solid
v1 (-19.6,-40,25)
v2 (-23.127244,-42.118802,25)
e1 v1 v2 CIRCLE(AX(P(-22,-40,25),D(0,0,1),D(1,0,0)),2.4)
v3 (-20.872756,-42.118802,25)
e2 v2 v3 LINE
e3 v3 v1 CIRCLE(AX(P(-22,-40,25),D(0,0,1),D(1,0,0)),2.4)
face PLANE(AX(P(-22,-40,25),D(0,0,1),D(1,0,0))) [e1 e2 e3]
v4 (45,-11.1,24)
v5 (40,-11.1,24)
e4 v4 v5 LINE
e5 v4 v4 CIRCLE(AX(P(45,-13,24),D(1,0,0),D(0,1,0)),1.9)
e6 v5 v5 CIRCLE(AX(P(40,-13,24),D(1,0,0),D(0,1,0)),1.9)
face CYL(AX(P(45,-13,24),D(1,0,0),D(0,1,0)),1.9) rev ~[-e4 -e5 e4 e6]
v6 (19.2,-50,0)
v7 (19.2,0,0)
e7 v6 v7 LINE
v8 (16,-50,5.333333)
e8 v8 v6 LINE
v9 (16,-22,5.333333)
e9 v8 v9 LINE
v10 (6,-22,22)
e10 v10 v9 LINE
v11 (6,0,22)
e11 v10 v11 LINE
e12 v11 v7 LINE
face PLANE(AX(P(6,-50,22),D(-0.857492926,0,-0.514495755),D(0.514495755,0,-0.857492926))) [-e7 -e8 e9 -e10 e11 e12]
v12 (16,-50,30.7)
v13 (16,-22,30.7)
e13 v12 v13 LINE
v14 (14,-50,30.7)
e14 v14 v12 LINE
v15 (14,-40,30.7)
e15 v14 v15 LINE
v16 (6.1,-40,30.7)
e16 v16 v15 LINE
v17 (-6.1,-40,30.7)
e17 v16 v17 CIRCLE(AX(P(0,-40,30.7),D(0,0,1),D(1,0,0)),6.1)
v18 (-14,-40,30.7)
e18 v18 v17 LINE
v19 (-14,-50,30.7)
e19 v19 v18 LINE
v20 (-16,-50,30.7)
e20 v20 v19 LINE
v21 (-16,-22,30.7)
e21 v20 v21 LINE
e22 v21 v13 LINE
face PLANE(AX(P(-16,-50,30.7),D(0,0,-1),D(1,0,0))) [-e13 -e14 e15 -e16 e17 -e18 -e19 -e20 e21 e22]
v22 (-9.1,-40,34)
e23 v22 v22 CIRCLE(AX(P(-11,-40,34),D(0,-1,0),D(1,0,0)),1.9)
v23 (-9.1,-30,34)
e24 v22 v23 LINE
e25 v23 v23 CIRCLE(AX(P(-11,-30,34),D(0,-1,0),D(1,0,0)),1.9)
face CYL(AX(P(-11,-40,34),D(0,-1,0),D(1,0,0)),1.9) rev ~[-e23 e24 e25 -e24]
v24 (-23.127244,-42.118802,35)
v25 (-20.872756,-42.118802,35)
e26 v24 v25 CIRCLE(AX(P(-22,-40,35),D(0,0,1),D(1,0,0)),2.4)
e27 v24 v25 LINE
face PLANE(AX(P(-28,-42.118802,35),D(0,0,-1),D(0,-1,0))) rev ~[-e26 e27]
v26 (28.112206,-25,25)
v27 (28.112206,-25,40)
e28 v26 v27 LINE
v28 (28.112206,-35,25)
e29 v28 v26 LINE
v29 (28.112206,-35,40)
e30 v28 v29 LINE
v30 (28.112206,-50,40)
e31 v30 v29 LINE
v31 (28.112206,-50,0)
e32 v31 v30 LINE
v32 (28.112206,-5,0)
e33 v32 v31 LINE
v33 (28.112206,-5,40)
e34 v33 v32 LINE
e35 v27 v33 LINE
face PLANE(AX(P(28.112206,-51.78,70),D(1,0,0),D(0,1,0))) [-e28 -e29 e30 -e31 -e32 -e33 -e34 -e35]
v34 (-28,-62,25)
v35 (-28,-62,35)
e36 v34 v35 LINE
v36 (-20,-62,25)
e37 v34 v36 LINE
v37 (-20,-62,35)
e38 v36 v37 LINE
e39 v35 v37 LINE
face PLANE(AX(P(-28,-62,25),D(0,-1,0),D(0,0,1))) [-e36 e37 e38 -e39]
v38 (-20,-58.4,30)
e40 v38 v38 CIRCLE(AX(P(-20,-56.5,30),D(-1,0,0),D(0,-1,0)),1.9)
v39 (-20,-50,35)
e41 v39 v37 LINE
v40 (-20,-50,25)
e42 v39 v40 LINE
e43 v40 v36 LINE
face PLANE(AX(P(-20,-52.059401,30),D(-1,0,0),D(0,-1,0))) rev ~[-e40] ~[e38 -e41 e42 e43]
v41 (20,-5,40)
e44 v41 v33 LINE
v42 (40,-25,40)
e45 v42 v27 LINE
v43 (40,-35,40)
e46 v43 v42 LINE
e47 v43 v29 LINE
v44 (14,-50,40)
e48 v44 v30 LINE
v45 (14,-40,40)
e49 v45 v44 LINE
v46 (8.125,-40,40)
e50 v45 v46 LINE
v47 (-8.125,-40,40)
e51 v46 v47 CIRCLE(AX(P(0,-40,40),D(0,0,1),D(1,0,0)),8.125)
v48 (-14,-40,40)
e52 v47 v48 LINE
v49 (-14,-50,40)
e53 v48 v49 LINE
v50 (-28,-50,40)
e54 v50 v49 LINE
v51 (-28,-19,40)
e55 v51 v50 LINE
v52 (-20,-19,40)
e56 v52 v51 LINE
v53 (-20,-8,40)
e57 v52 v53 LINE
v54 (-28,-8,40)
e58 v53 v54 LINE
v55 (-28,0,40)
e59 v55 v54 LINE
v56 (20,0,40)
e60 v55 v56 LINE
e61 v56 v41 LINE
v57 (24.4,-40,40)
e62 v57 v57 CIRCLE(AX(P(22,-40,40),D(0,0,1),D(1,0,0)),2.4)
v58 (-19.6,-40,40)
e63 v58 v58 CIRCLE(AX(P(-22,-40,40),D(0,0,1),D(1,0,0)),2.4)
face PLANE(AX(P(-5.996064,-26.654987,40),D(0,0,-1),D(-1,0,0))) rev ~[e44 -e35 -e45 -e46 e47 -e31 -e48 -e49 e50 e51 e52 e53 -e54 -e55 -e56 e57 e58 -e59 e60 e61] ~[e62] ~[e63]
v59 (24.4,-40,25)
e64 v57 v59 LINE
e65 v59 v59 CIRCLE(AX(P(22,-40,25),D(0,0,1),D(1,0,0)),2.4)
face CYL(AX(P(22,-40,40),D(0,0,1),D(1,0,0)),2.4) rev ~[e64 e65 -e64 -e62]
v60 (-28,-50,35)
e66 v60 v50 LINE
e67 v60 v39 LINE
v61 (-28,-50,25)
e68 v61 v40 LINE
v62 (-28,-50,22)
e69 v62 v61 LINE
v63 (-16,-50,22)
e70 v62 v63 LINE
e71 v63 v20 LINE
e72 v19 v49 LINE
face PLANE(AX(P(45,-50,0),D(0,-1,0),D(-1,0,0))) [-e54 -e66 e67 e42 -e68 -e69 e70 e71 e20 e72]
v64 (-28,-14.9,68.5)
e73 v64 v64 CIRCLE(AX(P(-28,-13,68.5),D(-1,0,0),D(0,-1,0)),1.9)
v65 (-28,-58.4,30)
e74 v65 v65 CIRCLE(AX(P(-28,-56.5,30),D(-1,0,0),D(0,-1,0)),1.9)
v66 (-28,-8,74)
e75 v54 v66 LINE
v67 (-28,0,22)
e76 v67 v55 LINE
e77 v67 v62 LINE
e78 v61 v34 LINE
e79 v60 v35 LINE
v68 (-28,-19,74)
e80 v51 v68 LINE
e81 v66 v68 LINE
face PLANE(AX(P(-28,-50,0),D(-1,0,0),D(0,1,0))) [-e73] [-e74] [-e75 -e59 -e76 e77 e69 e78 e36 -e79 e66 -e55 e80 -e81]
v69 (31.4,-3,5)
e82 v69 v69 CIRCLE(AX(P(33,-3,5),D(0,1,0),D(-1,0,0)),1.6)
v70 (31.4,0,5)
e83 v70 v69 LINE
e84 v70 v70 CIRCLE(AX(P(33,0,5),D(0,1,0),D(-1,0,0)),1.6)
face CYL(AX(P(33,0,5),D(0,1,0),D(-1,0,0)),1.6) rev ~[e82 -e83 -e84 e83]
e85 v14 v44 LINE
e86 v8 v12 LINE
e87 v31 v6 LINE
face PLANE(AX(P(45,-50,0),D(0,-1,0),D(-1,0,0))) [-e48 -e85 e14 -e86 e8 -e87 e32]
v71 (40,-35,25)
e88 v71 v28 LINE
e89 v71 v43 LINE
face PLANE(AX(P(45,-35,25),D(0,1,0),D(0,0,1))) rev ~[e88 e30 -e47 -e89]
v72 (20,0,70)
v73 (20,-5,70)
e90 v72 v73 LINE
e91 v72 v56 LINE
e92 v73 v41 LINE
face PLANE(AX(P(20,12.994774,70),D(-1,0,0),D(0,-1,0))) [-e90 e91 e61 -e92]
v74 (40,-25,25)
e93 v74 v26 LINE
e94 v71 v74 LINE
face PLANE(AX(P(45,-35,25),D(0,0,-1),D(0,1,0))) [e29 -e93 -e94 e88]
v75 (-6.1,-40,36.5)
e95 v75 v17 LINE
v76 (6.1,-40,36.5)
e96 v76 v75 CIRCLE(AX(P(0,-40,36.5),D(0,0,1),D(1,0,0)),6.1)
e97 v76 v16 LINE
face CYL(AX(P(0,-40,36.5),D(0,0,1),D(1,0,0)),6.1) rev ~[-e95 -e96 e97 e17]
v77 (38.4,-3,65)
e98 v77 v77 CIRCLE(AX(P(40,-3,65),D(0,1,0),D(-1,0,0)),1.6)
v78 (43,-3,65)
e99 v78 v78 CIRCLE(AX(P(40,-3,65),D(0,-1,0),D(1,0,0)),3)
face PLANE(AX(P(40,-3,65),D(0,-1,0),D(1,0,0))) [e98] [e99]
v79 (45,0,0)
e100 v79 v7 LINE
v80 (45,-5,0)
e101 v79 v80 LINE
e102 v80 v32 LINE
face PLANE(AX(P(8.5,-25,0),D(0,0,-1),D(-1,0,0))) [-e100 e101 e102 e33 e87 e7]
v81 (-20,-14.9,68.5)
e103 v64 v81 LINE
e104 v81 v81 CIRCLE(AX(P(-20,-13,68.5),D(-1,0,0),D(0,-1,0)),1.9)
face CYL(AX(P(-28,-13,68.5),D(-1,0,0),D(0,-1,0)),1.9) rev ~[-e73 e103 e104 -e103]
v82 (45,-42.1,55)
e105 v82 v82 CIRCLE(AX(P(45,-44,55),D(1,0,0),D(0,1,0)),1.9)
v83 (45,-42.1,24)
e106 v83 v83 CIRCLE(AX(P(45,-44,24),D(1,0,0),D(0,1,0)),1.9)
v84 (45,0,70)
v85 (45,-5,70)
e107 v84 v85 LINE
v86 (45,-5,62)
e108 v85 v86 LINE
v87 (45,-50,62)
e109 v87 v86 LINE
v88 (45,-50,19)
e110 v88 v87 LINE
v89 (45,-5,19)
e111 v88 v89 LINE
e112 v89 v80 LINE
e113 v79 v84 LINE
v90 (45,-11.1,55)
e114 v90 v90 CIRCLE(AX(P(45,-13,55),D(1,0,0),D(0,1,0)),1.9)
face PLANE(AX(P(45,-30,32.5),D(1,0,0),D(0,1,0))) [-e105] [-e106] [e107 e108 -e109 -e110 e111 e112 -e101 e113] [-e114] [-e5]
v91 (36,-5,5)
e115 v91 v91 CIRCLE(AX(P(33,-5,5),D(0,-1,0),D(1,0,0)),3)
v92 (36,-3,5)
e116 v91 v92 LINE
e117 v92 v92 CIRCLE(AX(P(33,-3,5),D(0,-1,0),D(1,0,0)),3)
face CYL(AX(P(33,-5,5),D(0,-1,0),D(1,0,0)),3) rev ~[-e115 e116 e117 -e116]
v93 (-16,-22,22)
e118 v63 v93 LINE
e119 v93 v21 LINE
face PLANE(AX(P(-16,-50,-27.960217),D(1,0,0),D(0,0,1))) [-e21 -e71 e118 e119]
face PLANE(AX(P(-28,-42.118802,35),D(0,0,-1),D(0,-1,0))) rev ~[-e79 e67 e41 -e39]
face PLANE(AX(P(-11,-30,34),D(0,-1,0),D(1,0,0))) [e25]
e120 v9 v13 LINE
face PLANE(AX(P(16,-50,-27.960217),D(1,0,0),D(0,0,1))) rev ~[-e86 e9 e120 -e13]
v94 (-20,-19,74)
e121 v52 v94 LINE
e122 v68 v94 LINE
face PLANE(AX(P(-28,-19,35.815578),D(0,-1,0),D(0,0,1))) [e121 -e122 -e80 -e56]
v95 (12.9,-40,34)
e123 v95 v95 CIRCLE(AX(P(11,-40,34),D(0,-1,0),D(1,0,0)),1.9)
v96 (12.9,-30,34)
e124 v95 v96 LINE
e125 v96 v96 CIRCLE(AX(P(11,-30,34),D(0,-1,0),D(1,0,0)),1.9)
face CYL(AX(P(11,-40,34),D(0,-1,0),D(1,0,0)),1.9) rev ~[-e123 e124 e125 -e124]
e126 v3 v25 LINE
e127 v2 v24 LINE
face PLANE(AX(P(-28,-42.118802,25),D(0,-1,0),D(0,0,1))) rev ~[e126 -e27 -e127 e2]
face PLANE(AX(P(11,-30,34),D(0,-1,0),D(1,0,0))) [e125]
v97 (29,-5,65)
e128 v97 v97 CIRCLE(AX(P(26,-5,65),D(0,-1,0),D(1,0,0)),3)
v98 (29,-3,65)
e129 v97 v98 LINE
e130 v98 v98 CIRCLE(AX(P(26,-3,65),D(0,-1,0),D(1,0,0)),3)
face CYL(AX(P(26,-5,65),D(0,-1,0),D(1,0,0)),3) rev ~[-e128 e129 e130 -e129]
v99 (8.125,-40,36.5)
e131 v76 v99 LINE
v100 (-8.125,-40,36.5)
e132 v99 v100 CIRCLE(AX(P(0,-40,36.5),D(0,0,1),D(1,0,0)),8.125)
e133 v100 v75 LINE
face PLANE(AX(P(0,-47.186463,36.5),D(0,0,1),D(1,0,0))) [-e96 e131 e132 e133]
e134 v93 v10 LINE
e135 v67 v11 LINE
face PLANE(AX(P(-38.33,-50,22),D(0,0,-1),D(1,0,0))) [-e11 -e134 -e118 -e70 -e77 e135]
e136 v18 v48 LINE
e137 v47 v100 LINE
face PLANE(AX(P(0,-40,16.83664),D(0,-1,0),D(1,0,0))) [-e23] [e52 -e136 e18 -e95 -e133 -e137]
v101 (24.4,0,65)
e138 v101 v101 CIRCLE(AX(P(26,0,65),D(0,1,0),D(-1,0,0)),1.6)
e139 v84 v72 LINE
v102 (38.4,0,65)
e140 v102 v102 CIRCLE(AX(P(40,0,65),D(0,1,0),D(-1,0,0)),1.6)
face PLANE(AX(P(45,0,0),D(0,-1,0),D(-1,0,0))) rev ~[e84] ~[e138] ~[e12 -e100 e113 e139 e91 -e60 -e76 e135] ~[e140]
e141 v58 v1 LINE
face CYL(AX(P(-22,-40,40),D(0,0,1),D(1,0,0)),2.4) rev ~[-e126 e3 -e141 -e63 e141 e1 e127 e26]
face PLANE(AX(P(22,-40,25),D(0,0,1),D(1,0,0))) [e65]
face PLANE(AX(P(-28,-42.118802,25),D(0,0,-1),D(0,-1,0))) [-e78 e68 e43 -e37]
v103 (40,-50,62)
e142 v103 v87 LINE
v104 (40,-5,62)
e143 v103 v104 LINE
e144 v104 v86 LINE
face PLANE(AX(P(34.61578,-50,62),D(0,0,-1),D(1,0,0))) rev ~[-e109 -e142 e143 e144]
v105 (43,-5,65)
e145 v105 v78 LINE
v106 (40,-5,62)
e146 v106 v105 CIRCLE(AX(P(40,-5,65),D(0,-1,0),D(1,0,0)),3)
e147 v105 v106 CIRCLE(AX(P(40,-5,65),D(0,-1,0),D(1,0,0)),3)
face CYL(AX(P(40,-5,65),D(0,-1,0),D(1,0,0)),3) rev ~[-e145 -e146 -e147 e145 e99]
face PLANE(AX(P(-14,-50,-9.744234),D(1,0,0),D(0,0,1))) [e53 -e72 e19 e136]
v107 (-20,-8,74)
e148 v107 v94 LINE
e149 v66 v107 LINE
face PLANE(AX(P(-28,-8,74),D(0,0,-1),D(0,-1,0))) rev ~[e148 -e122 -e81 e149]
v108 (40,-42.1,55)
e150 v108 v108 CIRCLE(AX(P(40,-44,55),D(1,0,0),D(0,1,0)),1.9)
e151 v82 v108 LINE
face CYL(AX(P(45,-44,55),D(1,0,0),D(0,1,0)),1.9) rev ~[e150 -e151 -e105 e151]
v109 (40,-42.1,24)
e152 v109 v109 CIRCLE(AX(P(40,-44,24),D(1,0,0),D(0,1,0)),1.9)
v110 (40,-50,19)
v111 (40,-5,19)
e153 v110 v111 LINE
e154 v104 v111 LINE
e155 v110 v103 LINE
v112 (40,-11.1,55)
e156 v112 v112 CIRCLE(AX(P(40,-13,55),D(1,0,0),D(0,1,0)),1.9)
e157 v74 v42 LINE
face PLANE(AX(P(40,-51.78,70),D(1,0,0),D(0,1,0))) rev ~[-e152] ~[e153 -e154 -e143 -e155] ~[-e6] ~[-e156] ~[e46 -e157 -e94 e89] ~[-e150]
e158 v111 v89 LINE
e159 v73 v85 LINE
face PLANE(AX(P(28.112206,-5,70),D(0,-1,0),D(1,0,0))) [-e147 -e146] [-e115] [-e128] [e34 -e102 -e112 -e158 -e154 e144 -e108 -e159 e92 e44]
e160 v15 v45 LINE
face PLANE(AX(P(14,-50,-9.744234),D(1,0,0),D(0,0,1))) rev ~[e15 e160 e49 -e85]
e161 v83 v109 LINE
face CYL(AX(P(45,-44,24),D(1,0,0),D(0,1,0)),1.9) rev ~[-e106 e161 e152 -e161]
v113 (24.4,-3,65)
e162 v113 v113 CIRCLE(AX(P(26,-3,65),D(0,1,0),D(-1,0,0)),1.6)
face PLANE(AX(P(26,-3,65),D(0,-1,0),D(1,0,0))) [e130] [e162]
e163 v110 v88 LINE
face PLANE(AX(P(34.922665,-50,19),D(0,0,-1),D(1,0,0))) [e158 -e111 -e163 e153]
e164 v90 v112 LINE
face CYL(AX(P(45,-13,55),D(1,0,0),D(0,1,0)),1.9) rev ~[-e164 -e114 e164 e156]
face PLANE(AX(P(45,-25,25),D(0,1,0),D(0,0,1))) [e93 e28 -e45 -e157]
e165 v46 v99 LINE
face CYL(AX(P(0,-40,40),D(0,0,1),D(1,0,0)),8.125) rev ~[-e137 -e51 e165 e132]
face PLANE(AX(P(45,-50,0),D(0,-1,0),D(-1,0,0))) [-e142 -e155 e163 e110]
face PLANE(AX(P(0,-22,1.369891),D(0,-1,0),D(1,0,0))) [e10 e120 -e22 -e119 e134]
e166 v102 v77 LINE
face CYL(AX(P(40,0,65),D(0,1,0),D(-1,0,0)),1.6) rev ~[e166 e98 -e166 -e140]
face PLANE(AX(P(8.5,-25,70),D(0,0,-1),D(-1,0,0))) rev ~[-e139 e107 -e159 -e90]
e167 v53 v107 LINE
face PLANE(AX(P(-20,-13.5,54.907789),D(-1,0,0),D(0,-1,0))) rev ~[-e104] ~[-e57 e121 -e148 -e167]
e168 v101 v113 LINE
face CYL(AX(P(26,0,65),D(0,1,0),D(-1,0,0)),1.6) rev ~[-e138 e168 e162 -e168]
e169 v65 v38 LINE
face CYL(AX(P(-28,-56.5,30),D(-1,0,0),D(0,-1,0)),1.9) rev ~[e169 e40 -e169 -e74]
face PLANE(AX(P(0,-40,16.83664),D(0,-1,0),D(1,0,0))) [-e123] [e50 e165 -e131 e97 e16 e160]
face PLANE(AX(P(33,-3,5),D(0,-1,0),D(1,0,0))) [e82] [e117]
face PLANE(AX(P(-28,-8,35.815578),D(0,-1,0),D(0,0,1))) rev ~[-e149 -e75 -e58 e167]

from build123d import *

# Parameters (mm, degrees)
PAD_DEPTH       = 70
SKETCH001_W     = 11.887794
SKETCH001_H     = 46.78
POCKET_DEPTH    = 70.001
POCKET001_DEPTH = 30
SKETCH003_R     = 2.4
POCKET002_DEPTH = 15
POCKET003_DEPTH = 3.5
POCKET004_DEPTH = 9
SKETCH021_W     = 28
SKETCH021_H     = 53.161749
POCKET005_DEPTH = 10
SKETCH022_W     = 32
SKETCH022_H     = 58.660217
POCKET006_DEPTH = 28
POCKET007_DEPTH = 51
SKETCH008_W     = 19.05323
SKETCH008_H     = 10.69447
SKETCH008_W_2   = 35.750058
SKETCH008_H_2   = 36.172176
POCKET008_DEPTH = 45
SKETCH009_R     = 1.9
POCKET009_DEPTH = 5
SKETCH015_W     = 11
SKETCH015_H     = 38.184422
SKETCH015_W_2   = 19.881198
SKETCH015_H_2   = 10
PAD001_DEPTH    = 8
SKETCH011_R     = 1.9
POCKET010_DEPTH = 10
SKETCH010_R     = 1.6
POCKET011_DEPTH = 7
SKETCH017_R     = 3
POCKET012_DEPTH = 2
SKETCH013_R     = 1.9
POCKET013_DEPTH = 10
SKETCH014_W     = 10
SKETCH014_H     = 15
PAD002_DEPTH    = 18


with BuildPart() as part:
    # Sketch → Pad (new body)
    with BuildSketch(Plane.XY):
        Polygon((0, 0), (45, 0), (45, -50), (-28, -50), (-28, 0), align=None)
    extrude(amount=PAD_DEPTH)

    # Sketch001 (on Face7 of Pad) → Pocket (cut, through all)
    with BuildSketch(Plane.XY.offset(70)):
        with Locations((34.056103, -28.39)):
            Rectangle(SKETCH001_W, SKETCH001_H)
    extrude(amount=-POCKET_DEPTH, mode=Mode.SUBTRACT)

    # Sketch002 (on Face5 of Pocket) → Pocket001 (cut)
    with BuildSketch(Plane.XY.offset(70)):
        Polygon((30, -5), (30, -65.096024), (-40.783405, -65.096024), (-40.783405, 12.994774), (20, 12.994774), (20, -5), align=None)
    extrude(amount=-POCKET001_DEPTH, mode=Mode.SUBTRACT)

    # Sketch003 (on Face6 of Pocket001) → Pocket002 (cut)
    with BuildSketch(Plane.XY.offset(40)):
        with Locations((-22, -40)):
            Circle(SKETCH003_R)
        with Locations((22, -40)):
            Circle(SKETCH003_R)
    extrude(amount=-POCKET002_DEPTH, mode=Mode.SUBTRACT)

    # Sketch004 (on Face6 of Pocket002) → Pocket003 (cut)
    with BuildSketch(Plane.XY.offset(40)):
        with BuildLine():
            ThreePointArc((8.125, -40), (0, -31.875), (-8.125, -40))
            Line((-8.125, -59.24), (-8.125, -40))
            Line((8.125, -59.24), (-8.125, -59.24))
            Line((8.125, -40), (8.125, -59.24))
        make_face()
    extrude(amount=-POCKET003_DEPTH, mode=Mode.SUBTRACT)

    # Sketch018 → Pocket004 (cut)
    with BuildSketch(Plane.XY.offset(36.5)):
        with BuildLine():
            ThreePointArc((6.1, -40), (0, -33.9), (-6.1, -40))
            Line((-6.1, -40), (-6.1, -50))
            Line((6.1, -50), (-6.1, -50))
            Line((6.1, -40), (6.1, -50))
        make_face()
    extrude(amount=-POCKET004_DEPTH, mode=Mode.SUBTRACT)

    # Sketch021 (on Face9 of Pocket004) → Pocket005 (cut)
    with BuildSketch(Plane.XZ.offset(50)):
        with Locations((0, 16.83664)):
            Rectangle(SKETCH021_W, SKETCH021_H)
    extrude(amount=-POCKET005_DEPTH, mode=Mode.SUBTRACT)

    # Sketch022 (on Face13 of Pocket005) → Pocket006 (cut)
    with BuildSketch(Plane.XZ.offset(50)):
        with Locations((0, 1.369891)):
            Rectangle(SKETCH022_W, SKETCH022_H)
    extrude(amount=-POCKET006_DEPTH, mode=Mode.SUBTRACT)

    # Sketch023 (on Face9 of Pocket006) → Pocket007 (cut)
    with BuildSketch(Plane.XZ.offset(50)):
        Polygon((-38.33, 22), (6, 22), (24, -8), (-38.33, -8), align=None)
    extrude(amount=-POCKET007_DEPTH, mode=Mode.SUBTRACT)

    # Sketch008 (on Face14 of Pocket007) → Pocket008 (cut)
    with BuildSketch(Plane.XZ.offset(50)):
        with Locations((44.142395, 67.347235)):
            Rectangle(SKETCH008_W, SKETCH008_H)
        with Locations((52.797694, 0.913912)):
            Rectangle(SKETCH008_W_2, SKETCH008_H_2)
    extrude(amount=-POCKET008_DEPTH, mode=Mode.SUBTRACT)

    # Sketch009 (on Face3 of Pocket008) → Pocket009 (cut)
    with BuildSketch(Plane.YZ.offset(45)):
        with Locations((-44, 55)):
            Circle(SKETCH009_R)
        with Locations((-13, 24)):
            Circle(SKETCH009_R)
        with Locations((-13, 55)):
            Circle(SKETCH009_R)
        with Locations((-44, 24)):
            Circle(SKETCH009_R)
    extrude(amount=-POCKET009_DEPTH, mode=Mode.SUBTRACT)

    # Sketch015 (on Face26 of Pocket009) → Pad001 (join)
    with BuildSketch(Plane(origin=(-28, 0, 0), x_dir=(0, -1, 0), z_dir=(-1, 0, 0))):
        with Locations((13.5, 54.907789)):
            Rectangle(SKETCH015_W, SKETCH015_H)
        with Locations((52.059401, 30)):
            Rectangle(SKETCH015_W_2, SKETCH015_H_2)
    extrude(amount=-PAD001_DEPTH)

    # Sketch011 (on Face26 of Pad001) → Pocket010 (cut)
    with BuildSketch(Plane(origin=(-28, 0, 0), x_dir=(0, -1, 0), z_dir=(-1, 0, 0))):
        with Locations((56.5, 30)):
            Circle(SKETCH011_R)
        with Locations((13, 68.5)):
            Circle(SKETCH011_R)
    extrude(amount=-POCKET010_DEPTH, mode=Mode.SUBTRACT)

    # Sketch010 (on Face1 of Pocket010) → Pocket011 (cut)
    with BuildSketch(Plane(origin=(0, 0, 0), x_dir=(-1, 0, 0), z_dir=(0, 1, 0))):
        with Locations((-33, 5)):
            Circle(SKETCH010_R)
        with Locations((-40, 65)):
            Circle(SKETCH010_R)
        with Locations((-26, 65)):
            Circle(SKETCH010_R)
    extrude(amount=-POCKET011_DEPTH, mode=Mode.SUBTRACT)

    # Sketch017 (on Face31 of Pocket011) → Pocket012 (cut)
    with BuildSketch(Plane.XZ.offset(5)):
        with Locations((26, 65)):
            Circle(SKETCH017_R)
        with Locations((33, 5)):
            Circle(SKETCH017_R)
        with Locations((40, 65)):
            Circle(SKETCH017_R)
    extrude(amount=-POCKET012_DEPTH, mode=Mode.SUBTRACT)

    # Sketch013 (on Face40 of Pocket012) → Pocket013 (cut)
    with BuildSketch(Plane.XZ.offset(40)):
        with Locations((-11, 34)):
            Circle(SKETCH013_R)
        with Locations((11, 34)):
            Circle(SKETCH013_R)
    extrude(amount=-POCKET013_DEPTH, mode=Mode.SUBTRACT)

    # Sketch014 (on Face4 of Pocket013) → Pad002 (join)
    with BuildSketch(Plane.YZ.offset(45)):
        with Locations((-30, 32.5)):
            Rectangle(SKETCH014_W, SKETCH014_H)
    extrude(amount=-PAD002_DEPTH)


solid = part.part
